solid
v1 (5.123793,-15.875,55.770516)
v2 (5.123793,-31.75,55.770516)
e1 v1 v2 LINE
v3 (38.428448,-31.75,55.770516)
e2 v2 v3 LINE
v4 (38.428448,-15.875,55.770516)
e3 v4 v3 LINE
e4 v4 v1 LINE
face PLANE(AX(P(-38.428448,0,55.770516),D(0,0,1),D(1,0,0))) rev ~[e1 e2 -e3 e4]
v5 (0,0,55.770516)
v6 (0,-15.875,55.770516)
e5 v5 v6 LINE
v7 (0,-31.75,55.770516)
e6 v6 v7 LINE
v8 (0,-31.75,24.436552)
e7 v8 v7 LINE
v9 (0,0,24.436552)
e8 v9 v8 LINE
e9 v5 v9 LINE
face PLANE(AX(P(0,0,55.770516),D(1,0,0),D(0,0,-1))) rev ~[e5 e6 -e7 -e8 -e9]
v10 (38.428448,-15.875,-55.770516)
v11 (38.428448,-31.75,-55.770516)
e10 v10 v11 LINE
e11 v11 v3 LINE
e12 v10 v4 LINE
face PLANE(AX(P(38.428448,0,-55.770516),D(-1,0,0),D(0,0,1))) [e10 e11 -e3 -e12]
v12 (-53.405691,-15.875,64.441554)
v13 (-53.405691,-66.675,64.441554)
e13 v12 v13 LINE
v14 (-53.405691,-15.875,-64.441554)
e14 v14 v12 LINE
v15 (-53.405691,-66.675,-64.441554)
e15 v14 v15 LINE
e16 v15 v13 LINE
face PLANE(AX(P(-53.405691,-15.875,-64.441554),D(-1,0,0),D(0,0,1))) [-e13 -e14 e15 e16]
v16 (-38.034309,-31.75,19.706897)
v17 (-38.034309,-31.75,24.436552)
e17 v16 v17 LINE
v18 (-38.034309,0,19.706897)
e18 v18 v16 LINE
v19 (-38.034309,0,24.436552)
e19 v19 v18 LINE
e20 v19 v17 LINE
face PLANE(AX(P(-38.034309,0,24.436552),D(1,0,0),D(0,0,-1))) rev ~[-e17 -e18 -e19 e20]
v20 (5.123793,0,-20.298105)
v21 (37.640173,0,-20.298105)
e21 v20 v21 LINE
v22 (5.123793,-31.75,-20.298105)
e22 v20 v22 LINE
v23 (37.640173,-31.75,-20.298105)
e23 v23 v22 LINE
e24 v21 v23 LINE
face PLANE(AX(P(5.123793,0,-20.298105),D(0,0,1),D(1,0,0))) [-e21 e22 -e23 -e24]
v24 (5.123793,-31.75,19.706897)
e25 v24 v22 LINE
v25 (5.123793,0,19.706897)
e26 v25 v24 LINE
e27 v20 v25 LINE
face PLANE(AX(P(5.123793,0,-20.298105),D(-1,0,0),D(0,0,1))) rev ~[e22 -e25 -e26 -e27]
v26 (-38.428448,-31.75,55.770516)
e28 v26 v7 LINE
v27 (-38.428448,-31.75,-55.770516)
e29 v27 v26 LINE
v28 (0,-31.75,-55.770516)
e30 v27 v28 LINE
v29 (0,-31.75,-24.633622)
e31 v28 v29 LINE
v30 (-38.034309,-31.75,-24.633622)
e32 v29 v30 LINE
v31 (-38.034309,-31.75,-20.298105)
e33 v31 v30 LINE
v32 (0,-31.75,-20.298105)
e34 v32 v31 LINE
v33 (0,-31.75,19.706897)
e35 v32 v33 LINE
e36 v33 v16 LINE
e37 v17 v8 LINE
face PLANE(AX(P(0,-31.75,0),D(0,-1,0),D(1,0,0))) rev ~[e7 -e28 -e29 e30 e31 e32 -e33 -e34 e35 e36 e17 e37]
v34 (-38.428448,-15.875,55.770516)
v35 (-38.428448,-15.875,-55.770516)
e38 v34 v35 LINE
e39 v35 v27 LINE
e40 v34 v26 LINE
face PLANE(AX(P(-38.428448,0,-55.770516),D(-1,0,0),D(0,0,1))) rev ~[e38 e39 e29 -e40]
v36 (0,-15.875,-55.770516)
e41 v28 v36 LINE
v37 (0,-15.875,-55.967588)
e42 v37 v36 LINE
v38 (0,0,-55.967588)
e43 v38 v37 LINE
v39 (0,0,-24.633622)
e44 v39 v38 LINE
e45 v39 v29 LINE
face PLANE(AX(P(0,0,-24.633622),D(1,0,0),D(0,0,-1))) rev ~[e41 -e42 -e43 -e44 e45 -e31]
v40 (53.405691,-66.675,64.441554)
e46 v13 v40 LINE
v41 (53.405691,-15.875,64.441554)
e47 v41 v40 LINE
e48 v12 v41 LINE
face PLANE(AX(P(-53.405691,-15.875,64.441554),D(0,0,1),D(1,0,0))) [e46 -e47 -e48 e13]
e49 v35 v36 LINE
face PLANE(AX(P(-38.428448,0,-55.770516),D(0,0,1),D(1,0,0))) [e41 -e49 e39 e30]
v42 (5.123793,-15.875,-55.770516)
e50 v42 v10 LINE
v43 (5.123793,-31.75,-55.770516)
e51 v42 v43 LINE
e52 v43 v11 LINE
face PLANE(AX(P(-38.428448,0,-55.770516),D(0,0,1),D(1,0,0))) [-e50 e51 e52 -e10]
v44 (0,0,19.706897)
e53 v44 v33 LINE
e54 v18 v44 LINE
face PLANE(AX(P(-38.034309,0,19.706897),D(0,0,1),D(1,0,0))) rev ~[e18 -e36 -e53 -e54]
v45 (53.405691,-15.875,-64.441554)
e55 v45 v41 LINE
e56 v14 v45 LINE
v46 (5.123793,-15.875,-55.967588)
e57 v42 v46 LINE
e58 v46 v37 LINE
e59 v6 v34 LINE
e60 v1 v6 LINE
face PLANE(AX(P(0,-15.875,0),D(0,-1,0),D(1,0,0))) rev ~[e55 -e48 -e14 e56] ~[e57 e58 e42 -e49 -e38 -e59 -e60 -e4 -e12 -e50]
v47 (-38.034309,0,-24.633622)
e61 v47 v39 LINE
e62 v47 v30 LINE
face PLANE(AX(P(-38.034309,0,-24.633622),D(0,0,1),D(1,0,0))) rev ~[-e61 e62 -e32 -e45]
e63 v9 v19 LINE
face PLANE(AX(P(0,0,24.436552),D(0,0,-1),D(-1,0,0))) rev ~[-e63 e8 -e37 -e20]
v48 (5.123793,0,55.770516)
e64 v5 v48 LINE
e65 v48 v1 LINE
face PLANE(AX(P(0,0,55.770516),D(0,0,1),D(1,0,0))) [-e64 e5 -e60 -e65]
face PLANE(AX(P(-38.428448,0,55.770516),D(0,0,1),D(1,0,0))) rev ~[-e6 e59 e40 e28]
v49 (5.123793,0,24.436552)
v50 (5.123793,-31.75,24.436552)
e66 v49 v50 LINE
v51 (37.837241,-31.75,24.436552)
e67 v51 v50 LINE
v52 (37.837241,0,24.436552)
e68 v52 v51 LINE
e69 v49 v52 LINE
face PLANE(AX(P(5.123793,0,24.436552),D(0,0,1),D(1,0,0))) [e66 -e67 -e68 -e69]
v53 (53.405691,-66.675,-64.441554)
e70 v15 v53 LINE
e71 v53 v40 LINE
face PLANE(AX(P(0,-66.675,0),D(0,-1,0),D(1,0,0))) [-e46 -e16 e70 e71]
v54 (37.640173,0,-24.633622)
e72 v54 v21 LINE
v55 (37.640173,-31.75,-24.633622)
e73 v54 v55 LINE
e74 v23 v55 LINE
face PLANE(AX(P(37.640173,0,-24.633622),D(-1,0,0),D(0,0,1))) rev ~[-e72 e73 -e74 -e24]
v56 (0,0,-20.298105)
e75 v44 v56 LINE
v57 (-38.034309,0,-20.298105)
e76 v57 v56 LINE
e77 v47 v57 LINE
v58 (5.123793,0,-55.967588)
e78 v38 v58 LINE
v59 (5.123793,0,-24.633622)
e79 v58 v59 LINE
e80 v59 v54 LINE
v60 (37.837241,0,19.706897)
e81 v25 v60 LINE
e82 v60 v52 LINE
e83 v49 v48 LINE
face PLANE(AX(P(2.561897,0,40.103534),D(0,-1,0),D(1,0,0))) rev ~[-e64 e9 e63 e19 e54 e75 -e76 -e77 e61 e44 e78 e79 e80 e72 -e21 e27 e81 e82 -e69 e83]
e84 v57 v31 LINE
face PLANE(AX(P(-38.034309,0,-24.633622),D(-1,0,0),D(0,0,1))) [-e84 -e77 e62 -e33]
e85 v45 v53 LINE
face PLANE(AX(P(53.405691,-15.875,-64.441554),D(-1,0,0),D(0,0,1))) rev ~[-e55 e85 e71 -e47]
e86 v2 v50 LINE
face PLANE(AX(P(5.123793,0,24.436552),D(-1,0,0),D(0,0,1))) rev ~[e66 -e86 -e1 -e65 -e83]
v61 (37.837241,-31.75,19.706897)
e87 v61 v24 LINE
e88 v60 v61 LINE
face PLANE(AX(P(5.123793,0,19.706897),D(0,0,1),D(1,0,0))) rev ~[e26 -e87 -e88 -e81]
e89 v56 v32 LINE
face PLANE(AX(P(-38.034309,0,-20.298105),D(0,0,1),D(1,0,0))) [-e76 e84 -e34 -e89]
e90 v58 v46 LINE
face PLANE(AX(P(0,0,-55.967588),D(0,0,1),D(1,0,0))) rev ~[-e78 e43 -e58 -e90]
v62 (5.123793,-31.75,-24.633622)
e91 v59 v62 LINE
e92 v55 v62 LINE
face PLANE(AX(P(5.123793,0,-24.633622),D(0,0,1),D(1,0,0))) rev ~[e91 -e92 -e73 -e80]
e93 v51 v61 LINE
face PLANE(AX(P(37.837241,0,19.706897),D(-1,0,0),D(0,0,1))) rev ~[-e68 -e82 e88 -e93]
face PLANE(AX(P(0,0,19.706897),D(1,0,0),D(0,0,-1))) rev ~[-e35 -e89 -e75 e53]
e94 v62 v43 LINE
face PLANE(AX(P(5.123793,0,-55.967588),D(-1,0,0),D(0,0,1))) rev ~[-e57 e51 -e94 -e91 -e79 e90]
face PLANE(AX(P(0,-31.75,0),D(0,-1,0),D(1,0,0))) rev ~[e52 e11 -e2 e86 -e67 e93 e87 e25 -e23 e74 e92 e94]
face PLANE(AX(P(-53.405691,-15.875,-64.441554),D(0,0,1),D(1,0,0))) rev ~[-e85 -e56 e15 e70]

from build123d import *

# Parameters (mm, degrees)
F0_W     = 76.8568962812
F0_H     = 111.5410327911
F1_DEPTH = 25.4
F2_W     = 38.4284481406
F2_H     = 31.9251716137
F2_H_2   = 42.9610349238
F2_H_3   = 36.6548262537
F3_DEPTH = 9.525
F4_W     = 106.8113818765
F4_H     = 128.8831084967
F5_DEPTH = 50.8
F6_DEPTH = 31.75
F7_W     = 5.1237931475
F7_H     = 31.333964318
F7_H_2   = 4.72965464
F7_H_3   = 40.0050021708
F7_W_2   = 32.7134476975
F7_H_4   = 4.3355170637
F7_W_3   = 38.0343087018
F7_W_4   = 32.5163798407
F8_DEPTH = 50.8


with BuildPart() as f1:
    # F0 (on Front) → F1 (new body)
    with BuildSketch(Plane.XZ):
        Rectangle(F0_W, F0_H)
    extrude(amount=F1_DEPTH)

    # F2 (on face) → F3 (cut)
    with BuildSketch(Plane.XZ.offset(25.4)):
        with Locations((-19.2142240703, 39.8079305887)):
            Rectangle(F2_W, F2_H)
        with Locations((19.2142240703, 39.8079305887)):
            Rectangle(F2_W, F2_H)
        with Locations((19.2142240703, 2.36482732)):
            Rectangle(F2_W, F2_H_2)
        with Locations((-19.2142240703, 2.36482732)):
            Rectangle(F2_W, F2_H_2)
        with Locations((-19.2142240703, -37.4431032687)):
            Rectangle(F2_W, F2_H_3)
        with Locations((19.2142240703, -37.4431032687)):
            Rectangle(F2_W, F2_H_3)
    extrude(amount=-F3_DEPTH, mode=Mode.SUBTRACT)

    # F4 (on face) → F5 (join)
    with BuildSketch(Plane.XZ.offset(15.875)):
        Rectangle(F4_W, F4_H)
    extrude(amount=F5_DEPTH)

    # F6 (cut): a face of the model
    f6_faces = [f1.faces().sort_by_distance(p)[0] for p in [
        (0, 0, 0),
    ]]
    extrude(f6_faces, amount=-F6_DEPTH, mode=Mode.SUBTRACT)

    # F7 (on Front) → F8 (join)
    with BuildSketch(Plane.XZ):
        with Locations((2.5618965738, 40.1035342366)):
            Rectangle(F7_W, F7_H)
        with Locations((2.5618965738, 22.0717247576)):
            Rectangle(F7_W, F7_H_2)
        Polygon((0, 19.7068974376), (0, 24.4365520775), (-37.4431051314, 24.4365520775), (-38.0343087018, 24.4365520775), (-38.0343087018, 19.7068974376), align=None)
        with Locations((2.5618965738, -0.2956036478)):
            Rectangle(F7_W, F7_H_3)
        with Locations((21.4805169962, 22.0717247576)):
            Rectangle(F7_W_2, F7_H_2)
        with Locations((2.5618965738, -22.4658632651)):
            Rectangle(F7_W, F7_H_4)
        with Locations((-19.0171543509, -22.4658632651)):
            Rectangle(F7_W_3, F7_H_4)
        Polygon((5.1237931475, -24.633621797), (0, -24.633621797), (0, -54.5881018043), (0, -55.9675879776), (5.1237931475, -55.9675879776), align=None)
        with Locations((21.3819830678, -22.4658632651)):
            Rectangle(F7_W_4, F7_H_4)
    extrude(amount=F8_DEPTH)


solid = f1.part
